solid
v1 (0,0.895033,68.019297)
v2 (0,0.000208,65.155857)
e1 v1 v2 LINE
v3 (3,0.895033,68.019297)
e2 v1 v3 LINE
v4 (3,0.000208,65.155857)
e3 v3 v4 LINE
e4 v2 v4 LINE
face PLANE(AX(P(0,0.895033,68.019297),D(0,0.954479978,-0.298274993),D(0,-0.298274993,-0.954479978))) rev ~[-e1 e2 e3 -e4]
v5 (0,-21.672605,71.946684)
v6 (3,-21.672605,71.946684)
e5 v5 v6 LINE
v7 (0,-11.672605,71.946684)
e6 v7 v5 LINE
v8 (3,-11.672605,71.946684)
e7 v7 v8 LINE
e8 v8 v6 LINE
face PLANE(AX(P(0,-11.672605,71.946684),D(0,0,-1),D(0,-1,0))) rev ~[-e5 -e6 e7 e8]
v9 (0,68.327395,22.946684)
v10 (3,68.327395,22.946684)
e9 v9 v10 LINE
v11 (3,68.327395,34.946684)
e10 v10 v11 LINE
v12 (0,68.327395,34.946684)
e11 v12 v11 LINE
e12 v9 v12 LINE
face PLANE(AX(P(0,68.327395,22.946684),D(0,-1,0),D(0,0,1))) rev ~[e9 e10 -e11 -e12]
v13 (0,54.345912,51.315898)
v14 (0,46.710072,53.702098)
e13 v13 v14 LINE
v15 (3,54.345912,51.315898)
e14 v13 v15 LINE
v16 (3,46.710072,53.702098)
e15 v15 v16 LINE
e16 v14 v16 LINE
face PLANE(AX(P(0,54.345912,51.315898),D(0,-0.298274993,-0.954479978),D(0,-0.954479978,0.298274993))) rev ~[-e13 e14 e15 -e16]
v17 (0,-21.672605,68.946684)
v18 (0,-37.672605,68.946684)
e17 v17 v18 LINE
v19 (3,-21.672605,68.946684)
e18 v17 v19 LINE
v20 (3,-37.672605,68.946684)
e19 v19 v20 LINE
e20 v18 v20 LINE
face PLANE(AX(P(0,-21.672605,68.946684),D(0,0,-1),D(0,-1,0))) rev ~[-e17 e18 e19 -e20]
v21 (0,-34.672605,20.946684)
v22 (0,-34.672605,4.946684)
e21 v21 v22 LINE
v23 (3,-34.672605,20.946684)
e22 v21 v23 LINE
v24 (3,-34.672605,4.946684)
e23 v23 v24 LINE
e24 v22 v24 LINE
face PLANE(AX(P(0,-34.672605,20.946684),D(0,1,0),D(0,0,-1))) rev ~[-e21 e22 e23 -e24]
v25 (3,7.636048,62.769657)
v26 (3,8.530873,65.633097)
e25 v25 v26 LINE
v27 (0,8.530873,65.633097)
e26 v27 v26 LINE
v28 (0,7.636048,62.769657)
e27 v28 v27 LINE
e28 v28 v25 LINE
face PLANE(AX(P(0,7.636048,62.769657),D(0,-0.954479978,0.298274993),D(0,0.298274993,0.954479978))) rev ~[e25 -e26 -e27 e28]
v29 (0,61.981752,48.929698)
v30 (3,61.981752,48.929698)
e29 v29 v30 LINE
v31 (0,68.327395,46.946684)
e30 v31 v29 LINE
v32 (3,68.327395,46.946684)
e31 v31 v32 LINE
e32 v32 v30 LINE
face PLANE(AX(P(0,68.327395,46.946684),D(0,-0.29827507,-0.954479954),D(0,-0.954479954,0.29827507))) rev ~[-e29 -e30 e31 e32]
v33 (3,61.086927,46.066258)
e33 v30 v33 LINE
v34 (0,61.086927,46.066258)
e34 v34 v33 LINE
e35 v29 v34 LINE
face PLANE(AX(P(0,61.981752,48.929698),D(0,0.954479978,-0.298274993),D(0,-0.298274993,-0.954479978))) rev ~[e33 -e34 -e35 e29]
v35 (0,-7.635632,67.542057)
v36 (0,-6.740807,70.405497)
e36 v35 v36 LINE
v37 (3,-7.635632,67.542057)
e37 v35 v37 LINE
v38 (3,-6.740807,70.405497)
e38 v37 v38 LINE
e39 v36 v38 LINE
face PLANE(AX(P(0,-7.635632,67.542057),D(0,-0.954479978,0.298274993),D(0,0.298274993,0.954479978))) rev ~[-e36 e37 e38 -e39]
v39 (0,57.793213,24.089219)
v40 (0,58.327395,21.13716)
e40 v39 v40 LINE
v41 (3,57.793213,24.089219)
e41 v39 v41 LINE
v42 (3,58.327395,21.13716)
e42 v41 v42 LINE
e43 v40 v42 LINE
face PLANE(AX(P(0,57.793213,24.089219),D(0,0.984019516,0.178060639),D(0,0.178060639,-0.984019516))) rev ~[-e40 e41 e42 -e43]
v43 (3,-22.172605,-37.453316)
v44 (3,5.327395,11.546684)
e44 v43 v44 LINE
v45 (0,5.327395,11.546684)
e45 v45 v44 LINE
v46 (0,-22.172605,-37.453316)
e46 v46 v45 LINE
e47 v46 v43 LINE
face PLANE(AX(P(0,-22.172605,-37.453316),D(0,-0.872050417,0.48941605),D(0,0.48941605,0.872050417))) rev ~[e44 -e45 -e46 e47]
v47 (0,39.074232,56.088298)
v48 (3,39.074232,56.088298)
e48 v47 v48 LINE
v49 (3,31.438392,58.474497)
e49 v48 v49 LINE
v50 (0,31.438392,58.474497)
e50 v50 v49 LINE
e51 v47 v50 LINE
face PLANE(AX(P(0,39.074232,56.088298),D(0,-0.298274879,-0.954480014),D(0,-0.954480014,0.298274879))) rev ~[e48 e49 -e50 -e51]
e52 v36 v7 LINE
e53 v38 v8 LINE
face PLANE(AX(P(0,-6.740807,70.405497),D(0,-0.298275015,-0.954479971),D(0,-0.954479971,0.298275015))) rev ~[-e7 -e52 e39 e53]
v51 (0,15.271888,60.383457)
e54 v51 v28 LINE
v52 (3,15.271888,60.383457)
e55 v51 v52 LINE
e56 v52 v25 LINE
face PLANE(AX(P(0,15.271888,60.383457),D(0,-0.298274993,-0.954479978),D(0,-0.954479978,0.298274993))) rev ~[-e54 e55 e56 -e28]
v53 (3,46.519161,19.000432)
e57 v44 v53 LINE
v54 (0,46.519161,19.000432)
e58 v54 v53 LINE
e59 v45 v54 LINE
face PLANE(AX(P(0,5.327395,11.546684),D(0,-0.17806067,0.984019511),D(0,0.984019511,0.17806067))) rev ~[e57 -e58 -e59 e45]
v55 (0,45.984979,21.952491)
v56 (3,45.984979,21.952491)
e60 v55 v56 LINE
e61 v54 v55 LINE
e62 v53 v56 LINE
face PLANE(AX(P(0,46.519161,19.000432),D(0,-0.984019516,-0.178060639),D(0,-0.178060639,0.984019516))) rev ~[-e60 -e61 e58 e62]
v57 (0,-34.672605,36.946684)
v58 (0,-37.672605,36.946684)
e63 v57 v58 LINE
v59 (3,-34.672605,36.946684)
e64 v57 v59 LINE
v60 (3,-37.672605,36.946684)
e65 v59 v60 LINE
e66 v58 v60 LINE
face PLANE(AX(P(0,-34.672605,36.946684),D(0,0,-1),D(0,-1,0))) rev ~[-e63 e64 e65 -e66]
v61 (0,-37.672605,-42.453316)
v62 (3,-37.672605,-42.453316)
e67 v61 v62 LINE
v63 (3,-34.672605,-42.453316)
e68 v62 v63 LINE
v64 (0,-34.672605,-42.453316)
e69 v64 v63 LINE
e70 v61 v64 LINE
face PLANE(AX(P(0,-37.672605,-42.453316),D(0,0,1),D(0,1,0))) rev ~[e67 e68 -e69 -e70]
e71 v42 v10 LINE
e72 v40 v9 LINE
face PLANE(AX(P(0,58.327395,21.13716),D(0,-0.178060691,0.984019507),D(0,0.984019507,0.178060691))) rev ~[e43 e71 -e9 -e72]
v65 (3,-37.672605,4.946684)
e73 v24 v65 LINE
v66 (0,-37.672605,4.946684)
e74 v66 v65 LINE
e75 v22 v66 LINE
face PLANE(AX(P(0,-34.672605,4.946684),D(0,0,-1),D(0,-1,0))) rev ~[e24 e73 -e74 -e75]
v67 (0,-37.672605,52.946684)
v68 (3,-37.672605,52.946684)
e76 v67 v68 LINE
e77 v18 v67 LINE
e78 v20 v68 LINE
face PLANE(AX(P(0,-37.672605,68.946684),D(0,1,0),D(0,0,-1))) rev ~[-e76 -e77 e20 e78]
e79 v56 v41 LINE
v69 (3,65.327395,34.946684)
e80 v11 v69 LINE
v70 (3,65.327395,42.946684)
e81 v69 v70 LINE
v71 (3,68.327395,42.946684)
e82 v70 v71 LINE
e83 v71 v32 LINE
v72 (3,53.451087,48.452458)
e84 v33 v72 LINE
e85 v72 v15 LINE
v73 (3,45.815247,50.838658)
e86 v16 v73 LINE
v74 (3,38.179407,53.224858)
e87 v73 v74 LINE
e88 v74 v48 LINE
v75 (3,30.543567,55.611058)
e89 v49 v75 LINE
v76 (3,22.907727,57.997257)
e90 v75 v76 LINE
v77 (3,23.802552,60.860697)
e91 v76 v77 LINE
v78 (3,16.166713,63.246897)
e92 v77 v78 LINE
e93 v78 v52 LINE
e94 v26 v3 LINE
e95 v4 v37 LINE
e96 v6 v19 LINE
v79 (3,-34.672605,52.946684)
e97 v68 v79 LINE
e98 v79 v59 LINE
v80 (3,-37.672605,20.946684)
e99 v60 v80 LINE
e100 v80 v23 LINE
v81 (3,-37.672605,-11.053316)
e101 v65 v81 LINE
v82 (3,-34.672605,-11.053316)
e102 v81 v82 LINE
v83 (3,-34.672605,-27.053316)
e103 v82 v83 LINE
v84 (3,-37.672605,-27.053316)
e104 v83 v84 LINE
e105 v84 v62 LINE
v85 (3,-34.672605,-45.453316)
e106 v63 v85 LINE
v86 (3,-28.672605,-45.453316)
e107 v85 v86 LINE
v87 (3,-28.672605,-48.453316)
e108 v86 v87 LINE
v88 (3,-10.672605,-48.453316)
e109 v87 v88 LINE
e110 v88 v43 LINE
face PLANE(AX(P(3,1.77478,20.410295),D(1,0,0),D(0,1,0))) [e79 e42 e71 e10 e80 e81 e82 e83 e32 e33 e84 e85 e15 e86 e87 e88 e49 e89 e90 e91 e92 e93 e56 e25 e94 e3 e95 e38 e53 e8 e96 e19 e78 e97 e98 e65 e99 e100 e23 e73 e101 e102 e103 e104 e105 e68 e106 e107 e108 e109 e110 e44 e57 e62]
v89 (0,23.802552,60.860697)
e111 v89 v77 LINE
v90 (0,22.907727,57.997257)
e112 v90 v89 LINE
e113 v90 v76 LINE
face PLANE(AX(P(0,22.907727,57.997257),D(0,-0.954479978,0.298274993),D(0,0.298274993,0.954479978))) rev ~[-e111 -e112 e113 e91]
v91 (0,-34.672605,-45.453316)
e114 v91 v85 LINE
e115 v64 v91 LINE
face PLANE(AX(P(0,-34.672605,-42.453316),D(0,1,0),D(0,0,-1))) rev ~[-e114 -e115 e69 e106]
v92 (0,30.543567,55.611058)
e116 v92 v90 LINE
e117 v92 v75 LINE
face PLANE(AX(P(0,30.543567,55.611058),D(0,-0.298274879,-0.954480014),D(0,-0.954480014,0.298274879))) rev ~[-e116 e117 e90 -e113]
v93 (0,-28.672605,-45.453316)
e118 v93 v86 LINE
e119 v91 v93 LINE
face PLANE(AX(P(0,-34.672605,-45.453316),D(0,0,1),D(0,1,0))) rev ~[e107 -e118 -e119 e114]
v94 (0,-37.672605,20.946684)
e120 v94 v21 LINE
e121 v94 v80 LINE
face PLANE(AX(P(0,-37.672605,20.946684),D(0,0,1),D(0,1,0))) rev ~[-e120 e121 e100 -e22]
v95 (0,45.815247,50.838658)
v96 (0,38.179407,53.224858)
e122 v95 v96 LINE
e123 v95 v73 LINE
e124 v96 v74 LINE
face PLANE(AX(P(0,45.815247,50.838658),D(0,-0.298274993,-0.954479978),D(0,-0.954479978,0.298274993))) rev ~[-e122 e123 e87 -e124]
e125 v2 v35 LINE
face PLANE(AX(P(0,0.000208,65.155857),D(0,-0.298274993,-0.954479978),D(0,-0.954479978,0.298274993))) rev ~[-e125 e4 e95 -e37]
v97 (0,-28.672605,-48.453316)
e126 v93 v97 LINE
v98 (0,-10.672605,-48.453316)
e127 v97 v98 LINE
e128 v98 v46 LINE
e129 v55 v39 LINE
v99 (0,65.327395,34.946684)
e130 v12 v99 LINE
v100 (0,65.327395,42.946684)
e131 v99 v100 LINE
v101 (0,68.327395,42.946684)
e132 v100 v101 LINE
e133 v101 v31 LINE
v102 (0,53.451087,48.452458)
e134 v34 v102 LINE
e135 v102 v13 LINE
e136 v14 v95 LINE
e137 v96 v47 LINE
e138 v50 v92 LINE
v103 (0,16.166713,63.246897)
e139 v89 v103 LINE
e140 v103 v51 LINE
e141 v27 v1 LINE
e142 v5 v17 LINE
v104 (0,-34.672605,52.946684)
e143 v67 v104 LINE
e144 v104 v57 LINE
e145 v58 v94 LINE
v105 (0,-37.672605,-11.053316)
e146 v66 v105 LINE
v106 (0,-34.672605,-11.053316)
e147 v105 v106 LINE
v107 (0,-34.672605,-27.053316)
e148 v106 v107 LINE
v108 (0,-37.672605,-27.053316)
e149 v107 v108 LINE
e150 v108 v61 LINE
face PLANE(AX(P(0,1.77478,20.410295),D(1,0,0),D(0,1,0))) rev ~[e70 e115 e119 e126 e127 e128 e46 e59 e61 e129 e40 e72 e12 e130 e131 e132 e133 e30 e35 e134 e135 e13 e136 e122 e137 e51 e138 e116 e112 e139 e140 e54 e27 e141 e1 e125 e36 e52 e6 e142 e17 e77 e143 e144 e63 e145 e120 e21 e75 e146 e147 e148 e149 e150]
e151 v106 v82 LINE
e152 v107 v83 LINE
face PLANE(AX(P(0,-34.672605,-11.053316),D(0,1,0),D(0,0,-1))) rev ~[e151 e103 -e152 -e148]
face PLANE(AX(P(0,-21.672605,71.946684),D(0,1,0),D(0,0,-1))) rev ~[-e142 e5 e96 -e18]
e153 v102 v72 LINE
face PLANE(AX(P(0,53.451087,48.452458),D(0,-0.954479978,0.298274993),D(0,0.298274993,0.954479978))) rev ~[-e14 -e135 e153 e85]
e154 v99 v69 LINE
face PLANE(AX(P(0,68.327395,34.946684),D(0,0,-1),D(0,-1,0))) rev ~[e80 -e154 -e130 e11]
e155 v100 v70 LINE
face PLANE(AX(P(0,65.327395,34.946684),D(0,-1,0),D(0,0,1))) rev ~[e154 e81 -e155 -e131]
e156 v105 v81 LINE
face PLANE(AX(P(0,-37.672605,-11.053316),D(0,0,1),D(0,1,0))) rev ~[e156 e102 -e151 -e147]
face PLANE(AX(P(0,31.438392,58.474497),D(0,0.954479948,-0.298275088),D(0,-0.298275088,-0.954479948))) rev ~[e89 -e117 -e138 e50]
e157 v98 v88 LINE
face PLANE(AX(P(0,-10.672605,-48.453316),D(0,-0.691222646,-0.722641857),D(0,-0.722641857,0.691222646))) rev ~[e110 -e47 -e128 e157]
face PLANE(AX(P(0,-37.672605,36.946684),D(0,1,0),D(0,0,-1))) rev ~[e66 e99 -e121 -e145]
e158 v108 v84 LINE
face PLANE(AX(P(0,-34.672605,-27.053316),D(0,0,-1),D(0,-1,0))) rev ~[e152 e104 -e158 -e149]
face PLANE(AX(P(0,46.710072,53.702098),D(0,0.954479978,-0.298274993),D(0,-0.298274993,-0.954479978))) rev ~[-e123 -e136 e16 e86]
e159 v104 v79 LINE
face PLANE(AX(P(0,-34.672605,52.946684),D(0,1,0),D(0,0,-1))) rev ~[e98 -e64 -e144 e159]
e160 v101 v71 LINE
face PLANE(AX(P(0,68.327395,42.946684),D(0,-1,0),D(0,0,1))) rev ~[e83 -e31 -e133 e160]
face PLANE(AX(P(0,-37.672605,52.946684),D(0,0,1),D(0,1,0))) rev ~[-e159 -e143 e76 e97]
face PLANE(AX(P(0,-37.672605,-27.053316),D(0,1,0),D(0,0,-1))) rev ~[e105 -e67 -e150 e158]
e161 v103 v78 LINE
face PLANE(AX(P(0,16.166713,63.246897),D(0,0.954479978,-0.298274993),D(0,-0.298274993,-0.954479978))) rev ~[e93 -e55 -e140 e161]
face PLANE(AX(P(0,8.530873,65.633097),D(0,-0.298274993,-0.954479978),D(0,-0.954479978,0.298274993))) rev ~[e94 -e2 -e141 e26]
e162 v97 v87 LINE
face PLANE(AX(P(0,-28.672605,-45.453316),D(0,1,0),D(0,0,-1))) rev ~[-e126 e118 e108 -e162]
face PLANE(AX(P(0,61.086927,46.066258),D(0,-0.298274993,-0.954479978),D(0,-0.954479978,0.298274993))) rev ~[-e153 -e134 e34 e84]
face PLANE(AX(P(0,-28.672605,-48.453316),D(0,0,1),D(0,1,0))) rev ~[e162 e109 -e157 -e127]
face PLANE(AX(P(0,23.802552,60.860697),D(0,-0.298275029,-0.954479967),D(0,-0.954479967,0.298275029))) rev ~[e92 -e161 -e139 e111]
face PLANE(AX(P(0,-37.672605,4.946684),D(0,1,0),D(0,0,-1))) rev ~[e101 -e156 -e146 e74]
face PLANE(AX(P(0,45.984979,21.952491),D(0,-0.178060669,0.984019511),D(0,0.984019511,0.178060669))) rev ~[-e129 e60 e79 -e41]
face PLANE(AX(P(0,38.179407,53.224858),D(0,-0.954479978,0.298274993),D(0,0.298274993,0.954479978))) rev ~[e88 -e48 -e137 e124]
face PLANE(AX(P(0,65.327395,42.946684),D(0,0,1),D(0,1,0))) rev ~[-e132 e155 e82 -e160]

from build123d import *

# Parameters (mm, degrees)
F1_DEPTH = 3


with BuildPart() as f1:
    # F0 (on Right) → F1 (new body)
    with BuildSketch(Plane.YZ):
        Polygon((-28.672605, -45.453316), (-28.672605, -48.453316), (-10.672605, -48.453316), (-22.172605, -37.453316), (5.327395, 11.546684), (46.519161, 19.000432), (45.984979, 21.952491), (57.793213, 24.089219), (58.327395, 21.13716), (68.327395, 22.946684), (68.327395, 34.946684), (65.327395, 34.946684), (65.327395, 42.946684), (68.327395, 42.946684), (68.327395, 46.946684), (61.981752, 48.929698), (61.086927, 46.066258), (53.451087, 48.452458), (54.345912, 51.315898), (46.710072, 53.702098), (45.815247, 50.838658), (38.179407, 53.224858), (39.074232, 56.088298), (31.438392, 58.474497), (30.543567, 55.611058), (22.907727, 57.997257), (23.802552, 60.860697), (16.166713, 63.246897), (15.271888, 60.383457), (7.636048, 62.769657), (8.530873, 65.633097), (0.895033, 68.019297), (0.000208, 65.155857), (-7.635632, 67.542057), (-6.740807, 70.405497), (-11.672605, 71.946684), (-21.672605, 71.946684), (-21.672605, 68.946684), (-37.672605, 68.946684), (-37.672605, 52.946684), (-34.672605, 52.946684), (-34.672605, 36.946684), (-37.672605, 36.946684), (-37.672605, 20.946684), (-34.672605, 20.946684), (-34.672605, 4.946684), (-37.672605, 4.946684), (-37.672605, -11.053316), (-34.672605, -11.053316), (-34.672605, -27.053316), (-37.672605, -27.053316), (-37.672605, -42.453316), (-34.672605, -42.453316), (-34.672605, -45.453316), align=None)
    extrude(amount=F1_DEPTH)


solid = f1.part
